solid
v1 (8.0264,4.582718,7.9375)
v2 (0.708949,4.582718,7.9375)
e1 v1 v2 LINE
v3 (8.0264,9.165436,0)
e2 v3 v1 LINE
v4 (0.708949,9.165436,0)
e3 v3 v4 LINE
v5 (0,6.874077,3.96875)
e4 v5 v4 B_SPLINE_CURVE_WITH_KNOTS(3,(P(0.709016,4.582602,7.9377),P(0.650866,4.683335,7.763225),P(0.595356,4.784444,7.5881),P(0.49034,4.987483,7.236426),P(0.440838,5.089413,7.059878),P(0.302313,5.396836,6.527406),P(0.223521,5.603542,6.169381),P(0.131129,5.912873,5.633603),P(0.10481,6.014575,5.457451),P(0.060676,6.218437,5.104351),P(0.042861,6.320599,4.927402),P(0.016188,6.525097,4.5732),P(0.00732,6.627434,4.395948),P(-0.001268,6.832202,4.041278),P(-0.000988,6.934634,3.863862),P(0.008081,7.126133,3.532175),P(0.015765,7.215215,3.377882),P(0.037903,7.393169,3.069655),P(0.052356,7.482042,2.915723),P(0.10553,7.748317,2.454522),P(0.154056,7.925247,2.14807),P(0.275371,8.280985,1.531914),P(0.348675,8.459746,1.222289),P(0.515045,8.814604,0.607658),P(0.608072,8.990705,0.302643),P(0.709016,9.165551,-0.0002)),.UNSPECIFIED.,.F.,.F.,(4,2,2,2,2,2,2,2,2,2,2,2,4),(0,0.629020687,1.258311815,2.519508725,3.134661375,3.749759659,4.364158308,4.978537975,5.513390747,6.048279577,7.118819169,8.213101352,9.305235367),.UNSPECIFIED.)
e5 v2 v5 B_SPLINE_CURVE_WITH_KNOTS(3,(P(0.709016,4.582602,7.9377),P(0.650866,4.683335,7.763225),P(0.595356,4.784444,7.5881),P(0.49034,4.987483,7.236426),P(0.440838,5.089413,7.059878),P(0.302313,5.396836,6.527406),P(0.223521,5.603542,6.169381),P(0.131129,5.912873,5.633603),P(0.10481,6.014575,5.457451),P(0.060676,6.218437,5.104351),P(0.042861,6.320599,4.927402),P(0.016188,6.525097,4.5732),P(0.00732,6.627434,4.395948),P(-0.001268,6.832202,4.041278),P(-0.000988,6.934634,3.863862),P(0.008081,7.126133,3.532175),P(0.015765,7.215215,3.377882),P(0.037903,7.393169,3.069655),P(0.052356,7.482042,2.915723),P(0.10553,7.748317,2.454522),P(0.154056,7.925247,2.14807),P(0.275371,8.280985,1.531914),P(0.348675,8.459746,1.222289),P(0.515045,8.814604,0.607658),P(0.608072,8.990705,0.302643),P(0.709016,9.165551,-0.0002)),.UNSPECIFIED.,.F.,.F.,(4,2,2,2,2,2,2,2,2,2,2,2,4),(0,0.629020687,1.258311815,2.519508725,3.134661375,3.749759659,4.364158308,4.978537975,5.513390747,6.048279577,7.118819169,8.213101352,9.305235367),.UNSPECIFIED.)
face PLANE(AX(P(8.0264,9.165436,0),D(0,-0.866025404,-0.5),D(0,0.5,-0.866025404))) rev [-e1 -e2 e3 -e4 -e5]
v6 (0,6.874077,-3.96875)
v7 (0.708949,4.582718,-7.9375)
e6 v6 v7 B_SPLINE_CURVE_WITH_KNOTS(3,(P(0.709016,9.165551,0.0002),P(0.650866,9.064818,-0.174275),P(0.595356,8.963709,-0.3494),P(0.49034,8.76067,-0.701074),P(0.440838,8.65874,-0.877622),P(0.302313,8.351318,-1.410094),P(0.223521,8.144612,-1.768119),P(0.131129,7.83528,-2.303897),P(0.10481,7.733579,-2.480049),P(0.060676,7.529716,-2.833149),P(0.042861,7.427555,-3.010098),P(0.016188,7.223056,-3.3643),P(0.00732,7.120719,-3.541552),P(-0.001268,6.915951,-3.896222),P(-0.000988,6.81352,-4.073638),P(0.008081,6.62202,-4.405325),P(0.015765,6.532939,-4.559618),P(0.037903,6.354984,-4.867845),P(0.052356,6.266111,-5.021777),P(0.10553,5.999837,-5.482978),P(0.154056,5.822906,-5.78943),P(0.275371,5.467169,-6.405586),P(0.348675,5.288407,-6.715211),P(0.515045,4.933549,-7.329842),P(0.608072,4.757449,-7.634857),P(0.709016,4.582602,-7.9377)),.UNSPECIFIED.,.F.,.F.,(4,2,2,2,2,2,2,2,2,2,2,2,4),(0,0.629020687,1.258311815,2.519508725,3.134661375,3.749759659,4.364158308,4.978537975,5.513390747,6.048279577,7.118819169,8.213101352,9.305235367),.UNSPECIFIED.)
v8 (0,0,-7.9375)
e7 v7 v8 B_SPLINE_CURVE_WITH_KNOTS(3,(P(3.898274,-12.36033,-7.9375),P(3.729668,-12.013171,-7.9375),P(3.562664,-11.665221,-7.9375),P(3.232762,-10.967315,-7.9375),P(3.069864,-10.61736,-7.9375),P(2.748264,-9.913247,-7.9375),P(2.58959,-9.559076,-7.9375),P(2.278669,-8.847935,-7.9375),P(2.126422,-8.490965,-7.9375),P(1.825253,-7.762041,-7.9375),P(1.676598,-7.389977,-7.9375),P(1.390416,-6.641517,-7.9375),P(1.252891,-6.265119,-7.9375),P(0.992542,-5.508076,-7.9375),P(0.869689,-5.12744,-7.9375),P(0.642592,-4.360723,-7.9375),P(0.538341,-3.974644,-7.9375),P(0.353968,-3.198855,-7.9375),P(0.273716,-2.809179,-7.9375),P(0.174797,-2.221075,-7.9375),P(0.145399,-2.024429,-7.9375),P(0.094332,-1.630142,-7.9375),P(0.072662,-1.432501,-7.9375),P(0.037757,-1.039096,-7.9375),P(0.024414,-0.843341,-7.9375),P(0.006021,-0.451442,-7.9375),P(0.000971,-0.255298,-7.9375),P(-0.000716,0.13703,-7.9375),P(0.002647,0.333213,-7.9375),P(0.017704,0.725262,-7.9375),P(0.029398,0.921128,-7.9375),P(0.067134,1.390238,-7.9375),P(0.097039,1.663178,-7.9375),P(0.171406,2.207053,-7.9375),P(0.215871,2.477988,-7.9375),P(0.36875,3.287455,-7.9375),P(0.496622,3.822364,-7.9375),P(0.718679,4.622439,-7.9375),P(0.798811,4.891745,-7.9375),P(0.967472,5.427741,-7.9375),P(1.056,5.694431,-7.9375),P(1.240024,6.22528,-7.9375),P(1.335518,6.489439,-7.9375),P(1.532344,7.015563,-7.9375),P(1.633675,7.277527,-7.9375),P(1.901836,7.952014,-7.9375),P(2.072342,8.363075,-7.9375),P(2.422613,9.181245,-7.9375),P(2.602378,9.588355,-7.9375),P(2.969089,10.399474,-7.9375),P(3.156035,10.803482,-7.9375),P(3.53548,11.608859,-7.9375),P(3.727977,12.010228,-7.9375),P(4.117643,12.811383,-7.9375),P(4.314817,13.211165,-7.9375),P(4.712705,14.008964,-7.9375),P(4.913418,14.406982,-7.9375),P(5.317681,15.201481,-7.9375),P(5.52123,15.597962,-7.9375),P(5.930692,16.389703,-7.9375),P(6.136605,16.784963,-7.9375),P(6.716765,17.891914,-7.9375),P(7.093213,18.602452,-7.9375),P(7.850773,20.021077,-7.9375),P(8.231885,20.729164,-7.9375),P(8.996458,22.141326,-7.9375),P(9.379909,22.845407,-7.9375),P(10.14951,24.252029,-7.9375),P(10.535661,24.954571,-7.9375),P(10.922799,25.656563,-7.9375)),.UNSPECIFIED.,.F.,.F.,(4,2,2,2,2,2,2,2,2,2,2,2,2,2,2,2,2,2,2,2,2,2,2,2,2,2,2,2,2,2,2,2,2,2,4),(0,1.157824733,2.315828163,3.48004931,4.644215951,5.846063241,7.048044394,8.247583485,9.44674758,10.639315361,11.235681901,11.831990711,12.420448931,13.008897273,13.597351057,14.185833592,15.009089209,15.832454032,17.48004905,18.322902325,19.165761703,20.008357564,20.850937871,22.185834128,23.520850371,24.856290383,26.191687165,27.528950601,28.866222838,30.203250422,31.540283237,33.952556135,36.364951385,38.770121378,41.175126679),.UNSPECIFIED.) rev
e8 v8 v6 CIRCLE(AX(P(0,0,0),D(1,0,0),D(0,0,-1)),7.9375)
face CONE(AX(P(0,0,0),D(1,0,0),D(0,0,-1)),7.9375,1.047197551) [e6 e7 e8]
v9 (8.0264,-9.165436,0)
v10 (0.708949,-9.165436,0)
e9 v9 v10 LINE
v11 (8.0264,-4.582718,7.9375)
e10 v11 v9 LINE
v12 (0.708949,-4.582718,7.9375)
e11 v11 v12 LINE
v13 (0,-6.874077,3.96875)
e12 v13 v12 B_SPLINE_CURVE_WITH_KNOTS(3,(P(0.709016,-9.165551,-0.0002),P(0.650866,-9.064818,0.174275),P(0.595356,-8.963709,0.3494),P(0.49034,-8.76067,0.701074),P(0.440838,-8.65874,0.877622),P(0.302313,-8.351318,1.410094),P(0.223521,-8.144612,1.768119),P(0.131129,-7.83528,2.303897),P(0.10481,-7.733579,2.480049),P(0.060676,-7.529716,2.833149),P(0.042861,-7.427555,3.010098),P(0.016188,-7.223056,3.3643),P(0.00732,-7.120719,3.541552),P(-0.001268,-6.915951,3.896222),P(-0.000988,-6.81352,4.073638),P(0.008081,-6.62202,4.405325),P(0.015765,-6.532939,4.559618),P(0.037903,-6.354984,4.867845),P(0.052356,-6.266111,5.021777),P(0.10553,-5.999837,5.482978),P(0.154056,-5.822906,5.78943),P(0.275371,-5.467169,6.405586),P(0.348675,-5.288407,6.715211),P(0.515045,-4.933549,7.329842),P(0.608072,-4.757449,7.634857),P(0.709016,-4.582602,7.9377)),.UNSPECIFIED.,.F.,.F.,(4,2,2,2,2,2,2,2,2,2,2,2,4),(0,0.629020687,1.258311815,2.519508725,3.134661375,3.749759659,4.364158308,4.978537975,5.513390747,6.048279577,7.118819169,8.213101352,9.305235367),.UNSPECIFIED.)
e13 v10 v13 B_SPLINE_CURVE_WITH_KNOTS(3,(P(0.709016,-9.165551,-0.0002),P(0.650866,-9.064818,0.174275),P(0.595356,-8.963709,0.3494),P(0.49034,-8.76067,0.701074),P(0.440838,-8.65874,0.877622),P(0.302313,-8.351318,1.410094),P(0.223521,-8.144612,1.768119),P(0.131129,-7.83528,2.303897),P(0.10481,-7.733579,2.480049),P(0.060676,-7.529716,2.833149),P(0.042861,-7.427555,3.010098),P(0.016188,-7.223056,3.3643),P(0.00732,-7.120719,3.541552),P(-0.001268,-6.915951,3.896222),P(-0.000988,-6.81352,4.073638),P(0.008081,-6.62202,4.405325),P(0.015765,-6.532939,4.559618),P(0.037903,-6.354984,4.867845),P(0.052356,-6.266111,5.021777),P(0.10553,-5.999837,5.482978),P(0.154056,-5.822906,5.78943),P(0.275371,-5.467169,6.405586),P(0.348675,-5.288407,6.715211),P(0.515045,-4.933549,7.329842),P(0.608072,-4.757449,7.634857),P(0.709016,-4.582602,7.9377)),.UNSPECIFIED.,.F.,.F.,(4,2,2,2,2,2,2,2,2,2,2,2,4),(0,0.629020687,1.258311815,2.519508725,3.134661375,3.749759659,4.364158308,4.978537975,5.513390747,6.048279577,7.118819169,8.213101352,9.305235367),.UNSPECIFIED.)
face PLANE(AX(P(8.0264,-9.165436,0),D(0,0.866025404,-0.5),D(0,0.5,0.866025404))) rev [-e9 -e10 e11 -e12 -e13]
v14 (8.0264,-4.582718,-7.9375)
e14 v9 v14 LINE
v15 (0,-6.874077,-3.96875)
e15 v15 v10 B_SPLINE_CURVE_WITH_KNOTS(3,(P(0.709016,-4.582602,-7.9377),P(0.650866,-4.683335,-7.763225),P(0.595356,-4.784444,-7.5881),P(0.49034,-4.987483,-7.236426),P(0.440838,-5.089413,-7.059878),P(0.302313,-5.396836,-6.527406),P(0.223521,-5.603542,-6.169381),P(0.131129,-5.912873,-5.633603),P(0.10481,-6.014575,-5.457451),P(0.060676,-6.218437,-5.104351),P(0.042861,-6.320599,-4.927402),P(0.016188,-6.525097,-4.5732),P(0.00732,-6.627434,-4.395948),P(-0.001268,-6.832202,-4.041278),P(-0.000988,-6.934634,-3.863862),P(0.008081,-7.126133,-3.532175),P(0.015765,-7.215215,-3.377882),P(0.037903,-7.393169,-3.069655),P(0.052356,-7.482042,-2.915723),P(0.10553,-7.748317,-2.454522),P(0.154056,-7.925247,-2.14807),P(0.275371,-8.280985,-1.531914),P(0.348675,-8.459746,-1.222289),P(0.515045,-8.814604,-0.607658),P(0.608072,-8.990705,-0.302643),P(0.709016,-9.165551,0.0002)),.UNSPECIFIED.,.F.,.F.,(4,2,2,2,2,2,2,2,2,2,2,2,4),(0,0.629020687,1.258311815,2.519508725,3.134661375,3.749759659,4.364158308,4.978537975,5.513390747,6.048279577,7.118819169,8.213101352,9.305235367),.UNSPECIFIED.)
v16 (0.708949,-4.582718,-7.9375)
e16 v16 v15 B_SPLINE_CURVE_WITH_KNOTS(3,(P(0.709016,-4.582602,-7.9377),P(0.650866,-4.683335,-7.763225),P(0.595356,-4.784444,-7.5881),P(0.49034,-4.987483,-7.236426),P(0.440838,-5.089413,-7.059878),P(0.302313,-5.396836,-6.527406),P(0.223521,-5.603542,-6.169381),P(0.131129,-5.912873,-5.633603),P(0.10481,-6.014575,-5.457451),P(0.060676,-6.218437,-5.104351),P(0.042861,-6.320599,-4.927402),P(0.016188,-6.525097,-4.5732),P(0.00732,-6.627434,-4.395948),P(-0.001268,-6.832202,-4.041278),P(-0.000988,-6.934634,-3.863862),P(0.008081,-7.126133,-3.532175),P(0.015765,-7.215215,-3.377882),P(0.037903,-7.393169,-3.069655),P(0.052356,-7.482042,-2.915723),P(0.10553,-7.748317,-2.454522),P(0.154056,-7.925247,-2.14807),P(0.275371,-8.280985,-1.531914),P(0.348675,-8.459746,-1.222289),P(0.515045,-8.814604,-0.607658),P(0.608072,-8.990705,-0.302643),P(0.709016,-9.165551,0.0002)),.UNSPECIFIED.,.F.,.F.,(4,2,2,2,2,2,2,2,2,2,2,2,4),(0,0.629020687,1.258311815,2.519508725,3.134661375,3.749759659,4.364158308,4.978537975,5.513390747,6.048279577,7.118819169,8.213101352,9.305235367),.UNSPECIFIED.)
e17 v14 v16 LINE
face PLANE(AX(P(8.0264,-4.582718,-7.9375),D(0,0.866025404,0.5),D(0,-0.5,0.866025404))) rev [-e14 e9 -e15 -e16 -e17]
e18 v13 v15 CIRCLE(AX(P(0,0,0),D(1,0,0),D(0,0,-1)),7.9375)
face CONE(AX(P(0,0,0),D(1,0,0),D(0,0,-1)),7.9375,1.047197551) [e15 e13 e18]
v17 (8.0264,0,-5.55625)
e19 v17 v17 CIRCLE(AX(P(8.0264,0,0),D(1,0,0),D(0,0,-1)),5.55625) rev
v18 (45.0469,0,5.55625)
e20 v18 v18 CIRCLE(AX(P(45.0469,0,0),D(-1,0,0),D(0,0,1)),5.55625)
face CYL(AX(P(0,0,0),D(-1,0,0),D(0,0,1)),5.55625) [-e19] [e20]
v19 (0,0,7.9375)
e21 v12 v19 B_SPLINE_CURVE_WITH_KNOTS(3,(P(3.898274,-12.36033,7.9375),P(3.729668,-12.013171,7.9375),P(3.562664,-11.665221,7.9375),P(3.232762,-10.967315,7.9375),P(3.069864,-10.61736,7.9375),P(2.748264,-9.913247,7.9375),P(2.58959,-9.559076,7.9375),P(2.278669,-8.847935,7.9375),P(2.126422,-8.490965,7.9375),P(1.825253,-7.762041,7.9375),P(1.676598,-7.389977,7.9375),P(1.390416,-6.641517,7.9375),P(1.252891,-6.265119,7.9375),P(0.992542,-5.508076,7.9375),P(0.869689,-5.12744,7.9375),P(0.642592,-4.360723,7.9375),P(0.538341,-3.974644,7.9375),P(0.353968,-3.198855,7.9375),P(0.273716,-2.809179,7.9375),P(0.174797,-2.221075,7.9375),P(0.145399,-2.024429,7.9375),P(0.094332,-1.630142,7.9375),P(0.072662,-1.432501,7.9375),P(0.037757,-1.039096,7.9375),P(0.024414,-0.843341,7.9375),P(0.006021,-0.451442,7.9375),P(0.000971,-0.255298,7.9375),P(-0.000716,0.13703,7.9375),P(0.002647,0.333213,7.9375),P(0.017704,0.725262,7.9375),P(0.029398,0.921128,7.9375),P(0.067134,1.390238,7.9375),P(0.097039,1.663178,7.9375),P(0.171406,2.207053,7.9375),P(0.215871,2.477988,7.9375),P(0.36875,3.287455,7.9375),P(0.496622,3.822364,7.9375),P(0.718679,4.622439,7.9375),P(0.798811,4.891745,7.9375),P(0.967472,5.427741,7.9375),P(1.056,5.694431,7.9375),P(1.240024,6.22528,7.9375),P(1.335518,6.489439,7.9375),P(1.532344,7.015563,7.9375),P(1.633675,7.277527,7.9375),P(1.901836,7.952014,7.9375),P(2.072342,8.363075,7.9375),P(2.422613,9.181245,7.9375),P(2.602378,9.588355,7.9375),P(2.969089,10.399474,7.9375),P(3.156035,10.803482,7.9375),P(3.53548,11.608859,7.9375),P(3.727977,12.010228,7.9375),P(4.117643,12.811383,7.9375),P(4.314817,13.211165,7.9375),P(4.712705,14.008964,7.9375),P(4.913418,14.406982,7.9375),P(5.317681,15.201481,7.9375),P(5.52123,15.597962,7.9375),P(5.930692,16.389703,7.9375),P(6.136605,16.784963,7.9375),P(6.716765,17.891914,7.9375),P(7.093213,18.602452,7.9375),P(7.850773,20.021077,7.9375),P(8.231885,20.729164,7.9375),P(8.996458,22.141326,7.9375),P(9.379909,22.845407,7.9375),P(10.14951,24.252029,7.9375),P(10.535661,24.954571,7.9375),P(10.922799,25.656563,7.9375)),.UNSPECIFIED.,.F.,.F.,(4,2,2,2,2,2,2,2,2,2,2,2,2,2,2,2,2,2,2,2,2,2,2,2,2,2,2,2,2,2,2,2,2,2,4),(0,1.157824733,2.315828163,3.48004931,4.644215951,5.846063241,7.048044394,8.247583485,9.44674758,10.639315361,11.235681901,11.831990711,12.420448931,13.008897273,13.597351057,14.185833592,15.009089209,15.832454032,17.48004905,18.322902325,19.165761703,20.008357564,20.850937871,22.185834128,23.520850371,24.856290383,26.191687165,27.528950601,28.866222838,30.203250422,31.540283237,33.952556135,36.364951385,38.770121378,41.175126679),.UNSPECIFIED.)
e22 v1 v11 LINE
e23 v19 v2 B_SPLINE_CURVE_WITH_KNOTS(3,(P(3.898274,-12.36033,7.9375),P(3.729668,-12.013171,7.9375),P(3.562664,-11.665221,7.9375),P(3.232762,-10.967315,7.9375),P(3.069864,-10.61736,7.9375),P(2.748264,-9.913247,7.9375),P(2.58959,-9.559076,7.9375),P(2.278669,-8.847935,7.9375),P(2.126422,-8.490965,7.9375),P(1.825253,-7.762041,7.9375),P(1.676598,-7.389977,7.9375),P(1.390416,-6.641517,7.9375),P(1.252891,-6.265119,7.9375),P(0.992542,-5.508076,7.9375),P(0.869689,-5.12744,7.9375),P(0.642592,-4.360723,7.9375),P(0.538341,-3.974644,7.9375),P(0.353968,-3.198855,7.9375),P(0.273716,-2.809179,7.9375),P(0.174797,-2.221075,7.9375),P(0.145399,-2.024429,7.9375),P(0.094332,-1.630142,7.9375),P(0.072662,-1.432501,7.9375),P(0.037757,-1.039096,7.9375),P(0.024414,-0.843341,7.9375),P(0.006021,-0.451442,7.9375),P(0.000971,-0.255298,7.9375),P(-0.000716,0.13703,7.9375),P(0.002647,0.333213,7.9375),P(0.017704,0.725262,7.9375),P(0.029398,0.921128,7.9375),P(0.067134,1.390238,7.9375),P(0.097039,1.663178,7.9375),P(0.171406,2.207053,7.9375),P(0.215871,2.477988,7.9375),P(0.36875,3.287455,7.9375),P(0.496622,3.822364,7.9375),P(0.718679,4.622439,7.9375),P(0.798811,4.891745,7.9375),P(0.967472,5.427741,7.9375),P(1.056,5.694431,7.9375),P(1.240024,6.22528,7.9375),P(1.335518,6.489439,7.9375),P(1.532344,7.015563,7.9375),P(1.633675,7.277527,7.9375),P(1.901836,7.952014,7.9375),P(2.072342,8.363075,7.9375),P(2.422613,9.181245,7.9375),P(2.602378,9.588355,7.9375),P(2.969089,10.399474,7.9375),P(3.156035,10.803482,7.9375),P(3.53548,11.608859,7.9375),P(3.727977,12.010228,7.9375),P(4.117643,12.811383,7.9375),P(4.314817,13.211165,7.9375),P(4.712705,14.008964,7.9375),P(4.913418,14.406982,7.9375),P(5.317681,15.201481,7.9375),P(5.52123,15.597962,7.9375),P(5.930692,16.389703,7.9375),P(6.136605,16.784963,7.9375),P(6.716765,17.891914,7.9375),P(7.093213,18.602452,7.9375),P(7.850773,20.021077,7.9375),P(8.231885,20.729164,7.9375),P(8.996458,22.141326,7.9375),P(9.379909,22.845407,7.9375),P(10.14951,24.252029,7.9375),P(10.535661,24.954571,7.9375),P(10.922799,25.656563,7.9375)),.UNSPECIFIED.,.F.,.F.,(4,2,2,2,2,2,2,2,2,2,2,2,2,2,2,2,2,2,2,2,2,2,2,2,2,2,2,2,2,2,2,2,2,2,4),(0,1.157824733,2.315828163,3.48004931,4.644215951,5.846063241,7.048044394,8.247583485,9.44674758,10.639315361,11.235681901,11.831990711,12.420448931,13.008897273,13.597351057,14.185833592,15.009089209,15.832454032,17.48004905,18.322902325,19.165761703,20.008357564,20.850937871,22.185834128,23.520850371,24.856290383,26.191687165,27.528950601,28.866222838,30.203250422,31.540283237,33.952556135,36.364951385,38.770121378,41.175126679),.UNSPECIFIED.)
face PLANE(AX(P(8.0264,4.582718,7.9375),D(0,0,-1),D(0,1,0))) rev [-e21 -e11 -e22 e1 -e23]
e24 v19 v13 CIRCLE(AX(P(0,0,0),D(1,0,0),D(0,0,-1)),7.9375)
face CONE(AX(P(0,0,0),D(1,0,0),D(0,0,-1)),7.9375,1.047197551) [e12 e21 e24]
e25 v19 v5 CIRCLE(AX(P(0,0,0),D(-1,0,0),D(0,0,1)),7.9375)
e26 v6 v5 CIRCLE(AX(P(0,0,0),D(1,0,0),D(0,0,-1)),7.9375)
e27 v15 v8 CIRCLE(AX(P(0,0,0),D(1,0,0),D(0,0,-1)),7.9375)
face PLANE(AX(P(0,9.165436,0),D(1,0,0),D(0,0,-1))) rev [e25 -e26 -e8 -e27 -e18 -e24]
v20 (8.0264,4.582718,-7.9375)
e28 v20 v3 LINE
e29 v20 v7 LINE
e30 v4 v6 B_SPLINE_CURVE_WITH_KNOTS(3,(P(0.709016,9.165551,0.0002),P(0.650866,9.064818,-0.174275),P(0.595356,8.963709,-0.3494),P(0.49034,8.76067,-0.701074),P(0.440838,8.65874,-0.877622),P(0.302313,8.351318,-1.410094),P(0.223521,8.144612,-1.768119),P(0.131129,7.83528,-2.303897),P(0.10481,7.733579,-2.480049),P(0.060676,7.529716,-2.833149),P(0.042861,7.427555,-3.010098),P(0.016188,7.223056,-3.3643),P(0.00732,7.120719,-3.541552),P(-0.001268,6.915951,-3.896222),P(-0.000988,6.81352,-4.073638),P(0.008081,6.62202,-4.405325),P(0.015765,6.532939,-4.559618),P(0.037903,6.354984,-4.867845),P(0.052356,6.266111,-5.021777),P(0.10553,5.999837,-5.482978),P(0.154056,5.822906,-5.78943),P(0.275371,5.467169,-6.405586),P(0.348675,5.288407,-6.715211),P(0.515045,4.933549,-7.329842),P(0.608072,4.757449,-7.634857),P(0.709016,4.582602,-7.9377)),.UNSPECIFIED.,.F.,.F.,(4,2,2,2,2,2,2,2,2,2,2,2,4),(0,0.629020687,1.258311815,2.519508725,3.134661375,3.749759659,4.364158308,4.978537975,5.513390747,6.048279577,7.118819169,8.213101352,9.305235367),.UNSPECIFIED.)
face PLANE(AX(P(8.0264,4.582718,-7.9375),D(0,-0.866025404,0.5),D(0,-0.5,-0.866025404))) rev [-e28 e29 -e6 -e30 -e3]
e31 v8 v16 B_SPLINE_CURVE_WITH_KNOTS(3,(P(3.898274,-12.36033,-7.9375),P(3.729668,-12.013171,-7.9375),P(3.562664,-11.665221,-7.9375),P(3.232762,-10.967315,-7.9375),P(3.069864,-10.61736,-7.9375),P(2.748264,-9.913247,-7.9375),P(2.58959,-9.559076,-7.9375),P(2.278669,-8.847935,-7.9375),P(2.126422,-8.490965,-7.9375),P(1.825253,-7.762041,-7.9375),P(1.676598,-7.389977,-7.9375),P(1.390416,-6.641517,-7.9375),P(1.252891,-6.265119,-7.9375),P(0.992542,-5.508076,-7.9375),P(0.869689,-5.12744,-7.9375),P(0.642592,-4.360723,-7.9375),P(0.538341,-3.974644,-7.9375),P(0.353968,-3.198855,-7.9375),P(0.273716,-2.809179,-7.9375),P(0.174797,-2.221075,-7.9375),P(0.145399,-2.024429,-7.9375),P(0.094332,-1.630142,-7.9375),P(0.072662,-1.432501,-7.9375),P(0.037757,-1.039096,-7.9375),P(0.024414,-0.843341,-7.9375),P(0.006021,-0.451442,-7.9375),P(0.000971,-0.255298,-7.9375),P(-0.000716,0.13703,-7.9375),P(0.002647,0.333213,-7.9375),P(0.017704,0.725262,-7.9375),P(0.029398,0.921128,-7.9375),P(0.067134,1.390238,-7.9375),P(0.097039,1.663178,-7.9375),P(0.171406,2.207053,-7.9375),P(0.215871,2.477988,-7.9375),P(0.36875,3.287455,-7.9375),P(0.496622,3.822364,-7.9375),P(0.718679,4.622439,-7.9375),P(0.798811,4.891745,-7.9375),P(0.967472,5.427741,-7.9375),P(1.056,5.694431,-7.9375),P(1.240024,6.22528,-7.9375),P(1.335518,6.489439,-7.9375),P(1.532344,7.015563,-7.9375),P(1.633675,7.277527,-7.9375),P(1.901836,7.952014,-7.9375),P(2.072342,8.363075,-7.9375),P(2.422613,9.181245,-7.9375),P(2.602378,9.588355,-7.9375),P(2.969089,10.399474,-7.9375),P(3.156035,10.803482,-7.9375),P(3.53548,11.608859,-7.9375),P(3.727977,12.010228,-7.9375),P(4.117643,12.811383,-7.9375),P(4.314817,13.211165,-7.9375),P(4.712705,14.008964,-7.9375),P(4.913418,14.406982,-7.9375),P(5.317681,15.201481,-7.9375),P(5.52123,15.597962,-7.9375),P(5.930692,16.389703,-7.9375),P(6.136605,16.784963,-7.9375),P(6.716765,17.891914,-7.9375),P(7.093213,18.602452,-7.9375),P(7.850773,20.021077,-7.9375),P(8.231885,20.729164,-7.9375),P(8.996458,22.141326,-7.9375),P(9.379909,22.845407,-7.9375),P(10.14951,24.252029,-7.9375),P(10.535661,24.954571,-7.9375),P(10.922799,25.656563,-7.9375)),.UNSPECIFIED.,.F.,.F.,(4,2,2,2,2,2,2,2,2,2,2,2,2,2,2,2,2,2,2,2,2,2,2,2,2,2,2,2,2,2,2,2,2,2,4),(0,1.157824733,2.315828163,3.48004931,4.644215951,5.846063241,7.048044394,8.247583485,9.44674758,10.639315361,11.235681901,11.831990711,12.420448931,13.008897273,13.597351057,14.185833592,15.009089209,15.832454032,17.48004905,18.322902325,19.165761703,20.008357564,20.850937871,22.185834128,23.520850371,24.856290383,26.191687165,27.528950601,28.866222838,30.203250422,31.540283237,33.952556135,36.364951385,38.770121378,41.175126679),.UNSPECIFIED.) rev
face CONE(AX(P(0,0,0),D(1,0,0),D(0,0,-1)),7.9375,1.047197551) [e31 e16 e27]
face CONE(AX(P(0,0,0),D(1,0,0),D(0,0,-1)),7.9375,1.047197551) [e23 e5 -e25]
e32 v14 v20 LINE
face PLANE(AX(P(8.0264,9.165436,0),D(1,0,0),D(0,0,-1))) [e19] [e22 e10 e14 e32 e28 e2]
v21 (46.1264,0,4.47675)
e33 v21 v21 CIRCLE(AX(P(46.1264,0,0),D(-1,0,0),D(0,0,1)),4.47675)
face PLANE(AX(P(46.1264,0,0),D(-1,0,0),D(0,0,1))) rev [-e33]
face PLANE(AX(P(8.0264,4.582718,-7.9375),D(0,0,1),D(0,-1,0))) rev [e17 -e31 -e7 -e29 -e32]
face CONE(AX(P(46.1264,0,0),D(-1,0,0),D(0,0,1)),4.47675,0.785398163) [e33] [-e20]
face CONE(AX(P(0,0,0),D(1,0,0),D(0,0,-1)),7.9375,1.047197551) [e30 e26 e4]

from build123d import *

# Parameters (mm, degrees)
BASEHEAD_DEPTH = 8.0264


with BuildPart() as part:
    # Sketch1 → BaseHead (new body)
    with BuildSketch(Plane(origin=(0, 0, 0), x_dir=(0, 0, -1), z_dir=(1, 0, 0))):
        Polygon((7.9375, 4.582717762), (7.9375, -4.582717762), (0, -9.165435523), (-7.9375, -4.582717762), (-7.9375, 4.582717762), (0, 9.165435523), align=None)
    extrude(amount=BASEHEAD_DEPTH)

    # BodySke → BaseBody (revolve)
    with BuildSketch(Plane.XY, mode=Mode.PRIVATE) as basebody_sk:
        Polygon((0, 0), (46.1264, 0), (46.1264, 4.47675), (45.0469, 5.55625), (0, 5.55625), align=None)
    revolve(basebody_sk.sketch.rotate(Axis((0, 0, 0), (1, 0, 0)), 90), axis=Axis((0, 0, 0), (1, 0, 0)))

    # Sketch3 → HeadChamfer (revolve, cut)
    with BuildSketch(Plane.XY):
        Polygon((0, 7.9375), (4.375123114, 15.515435523), (4.375123114, 21.865435523), (-12.7, 21.865435523), (-12.7, 7.9375), align=None)
    revolve(axis=Axis((0, 0, 0), (1, 0, 0)), mode=Mode.SUBTRACT)


solid = part.part
